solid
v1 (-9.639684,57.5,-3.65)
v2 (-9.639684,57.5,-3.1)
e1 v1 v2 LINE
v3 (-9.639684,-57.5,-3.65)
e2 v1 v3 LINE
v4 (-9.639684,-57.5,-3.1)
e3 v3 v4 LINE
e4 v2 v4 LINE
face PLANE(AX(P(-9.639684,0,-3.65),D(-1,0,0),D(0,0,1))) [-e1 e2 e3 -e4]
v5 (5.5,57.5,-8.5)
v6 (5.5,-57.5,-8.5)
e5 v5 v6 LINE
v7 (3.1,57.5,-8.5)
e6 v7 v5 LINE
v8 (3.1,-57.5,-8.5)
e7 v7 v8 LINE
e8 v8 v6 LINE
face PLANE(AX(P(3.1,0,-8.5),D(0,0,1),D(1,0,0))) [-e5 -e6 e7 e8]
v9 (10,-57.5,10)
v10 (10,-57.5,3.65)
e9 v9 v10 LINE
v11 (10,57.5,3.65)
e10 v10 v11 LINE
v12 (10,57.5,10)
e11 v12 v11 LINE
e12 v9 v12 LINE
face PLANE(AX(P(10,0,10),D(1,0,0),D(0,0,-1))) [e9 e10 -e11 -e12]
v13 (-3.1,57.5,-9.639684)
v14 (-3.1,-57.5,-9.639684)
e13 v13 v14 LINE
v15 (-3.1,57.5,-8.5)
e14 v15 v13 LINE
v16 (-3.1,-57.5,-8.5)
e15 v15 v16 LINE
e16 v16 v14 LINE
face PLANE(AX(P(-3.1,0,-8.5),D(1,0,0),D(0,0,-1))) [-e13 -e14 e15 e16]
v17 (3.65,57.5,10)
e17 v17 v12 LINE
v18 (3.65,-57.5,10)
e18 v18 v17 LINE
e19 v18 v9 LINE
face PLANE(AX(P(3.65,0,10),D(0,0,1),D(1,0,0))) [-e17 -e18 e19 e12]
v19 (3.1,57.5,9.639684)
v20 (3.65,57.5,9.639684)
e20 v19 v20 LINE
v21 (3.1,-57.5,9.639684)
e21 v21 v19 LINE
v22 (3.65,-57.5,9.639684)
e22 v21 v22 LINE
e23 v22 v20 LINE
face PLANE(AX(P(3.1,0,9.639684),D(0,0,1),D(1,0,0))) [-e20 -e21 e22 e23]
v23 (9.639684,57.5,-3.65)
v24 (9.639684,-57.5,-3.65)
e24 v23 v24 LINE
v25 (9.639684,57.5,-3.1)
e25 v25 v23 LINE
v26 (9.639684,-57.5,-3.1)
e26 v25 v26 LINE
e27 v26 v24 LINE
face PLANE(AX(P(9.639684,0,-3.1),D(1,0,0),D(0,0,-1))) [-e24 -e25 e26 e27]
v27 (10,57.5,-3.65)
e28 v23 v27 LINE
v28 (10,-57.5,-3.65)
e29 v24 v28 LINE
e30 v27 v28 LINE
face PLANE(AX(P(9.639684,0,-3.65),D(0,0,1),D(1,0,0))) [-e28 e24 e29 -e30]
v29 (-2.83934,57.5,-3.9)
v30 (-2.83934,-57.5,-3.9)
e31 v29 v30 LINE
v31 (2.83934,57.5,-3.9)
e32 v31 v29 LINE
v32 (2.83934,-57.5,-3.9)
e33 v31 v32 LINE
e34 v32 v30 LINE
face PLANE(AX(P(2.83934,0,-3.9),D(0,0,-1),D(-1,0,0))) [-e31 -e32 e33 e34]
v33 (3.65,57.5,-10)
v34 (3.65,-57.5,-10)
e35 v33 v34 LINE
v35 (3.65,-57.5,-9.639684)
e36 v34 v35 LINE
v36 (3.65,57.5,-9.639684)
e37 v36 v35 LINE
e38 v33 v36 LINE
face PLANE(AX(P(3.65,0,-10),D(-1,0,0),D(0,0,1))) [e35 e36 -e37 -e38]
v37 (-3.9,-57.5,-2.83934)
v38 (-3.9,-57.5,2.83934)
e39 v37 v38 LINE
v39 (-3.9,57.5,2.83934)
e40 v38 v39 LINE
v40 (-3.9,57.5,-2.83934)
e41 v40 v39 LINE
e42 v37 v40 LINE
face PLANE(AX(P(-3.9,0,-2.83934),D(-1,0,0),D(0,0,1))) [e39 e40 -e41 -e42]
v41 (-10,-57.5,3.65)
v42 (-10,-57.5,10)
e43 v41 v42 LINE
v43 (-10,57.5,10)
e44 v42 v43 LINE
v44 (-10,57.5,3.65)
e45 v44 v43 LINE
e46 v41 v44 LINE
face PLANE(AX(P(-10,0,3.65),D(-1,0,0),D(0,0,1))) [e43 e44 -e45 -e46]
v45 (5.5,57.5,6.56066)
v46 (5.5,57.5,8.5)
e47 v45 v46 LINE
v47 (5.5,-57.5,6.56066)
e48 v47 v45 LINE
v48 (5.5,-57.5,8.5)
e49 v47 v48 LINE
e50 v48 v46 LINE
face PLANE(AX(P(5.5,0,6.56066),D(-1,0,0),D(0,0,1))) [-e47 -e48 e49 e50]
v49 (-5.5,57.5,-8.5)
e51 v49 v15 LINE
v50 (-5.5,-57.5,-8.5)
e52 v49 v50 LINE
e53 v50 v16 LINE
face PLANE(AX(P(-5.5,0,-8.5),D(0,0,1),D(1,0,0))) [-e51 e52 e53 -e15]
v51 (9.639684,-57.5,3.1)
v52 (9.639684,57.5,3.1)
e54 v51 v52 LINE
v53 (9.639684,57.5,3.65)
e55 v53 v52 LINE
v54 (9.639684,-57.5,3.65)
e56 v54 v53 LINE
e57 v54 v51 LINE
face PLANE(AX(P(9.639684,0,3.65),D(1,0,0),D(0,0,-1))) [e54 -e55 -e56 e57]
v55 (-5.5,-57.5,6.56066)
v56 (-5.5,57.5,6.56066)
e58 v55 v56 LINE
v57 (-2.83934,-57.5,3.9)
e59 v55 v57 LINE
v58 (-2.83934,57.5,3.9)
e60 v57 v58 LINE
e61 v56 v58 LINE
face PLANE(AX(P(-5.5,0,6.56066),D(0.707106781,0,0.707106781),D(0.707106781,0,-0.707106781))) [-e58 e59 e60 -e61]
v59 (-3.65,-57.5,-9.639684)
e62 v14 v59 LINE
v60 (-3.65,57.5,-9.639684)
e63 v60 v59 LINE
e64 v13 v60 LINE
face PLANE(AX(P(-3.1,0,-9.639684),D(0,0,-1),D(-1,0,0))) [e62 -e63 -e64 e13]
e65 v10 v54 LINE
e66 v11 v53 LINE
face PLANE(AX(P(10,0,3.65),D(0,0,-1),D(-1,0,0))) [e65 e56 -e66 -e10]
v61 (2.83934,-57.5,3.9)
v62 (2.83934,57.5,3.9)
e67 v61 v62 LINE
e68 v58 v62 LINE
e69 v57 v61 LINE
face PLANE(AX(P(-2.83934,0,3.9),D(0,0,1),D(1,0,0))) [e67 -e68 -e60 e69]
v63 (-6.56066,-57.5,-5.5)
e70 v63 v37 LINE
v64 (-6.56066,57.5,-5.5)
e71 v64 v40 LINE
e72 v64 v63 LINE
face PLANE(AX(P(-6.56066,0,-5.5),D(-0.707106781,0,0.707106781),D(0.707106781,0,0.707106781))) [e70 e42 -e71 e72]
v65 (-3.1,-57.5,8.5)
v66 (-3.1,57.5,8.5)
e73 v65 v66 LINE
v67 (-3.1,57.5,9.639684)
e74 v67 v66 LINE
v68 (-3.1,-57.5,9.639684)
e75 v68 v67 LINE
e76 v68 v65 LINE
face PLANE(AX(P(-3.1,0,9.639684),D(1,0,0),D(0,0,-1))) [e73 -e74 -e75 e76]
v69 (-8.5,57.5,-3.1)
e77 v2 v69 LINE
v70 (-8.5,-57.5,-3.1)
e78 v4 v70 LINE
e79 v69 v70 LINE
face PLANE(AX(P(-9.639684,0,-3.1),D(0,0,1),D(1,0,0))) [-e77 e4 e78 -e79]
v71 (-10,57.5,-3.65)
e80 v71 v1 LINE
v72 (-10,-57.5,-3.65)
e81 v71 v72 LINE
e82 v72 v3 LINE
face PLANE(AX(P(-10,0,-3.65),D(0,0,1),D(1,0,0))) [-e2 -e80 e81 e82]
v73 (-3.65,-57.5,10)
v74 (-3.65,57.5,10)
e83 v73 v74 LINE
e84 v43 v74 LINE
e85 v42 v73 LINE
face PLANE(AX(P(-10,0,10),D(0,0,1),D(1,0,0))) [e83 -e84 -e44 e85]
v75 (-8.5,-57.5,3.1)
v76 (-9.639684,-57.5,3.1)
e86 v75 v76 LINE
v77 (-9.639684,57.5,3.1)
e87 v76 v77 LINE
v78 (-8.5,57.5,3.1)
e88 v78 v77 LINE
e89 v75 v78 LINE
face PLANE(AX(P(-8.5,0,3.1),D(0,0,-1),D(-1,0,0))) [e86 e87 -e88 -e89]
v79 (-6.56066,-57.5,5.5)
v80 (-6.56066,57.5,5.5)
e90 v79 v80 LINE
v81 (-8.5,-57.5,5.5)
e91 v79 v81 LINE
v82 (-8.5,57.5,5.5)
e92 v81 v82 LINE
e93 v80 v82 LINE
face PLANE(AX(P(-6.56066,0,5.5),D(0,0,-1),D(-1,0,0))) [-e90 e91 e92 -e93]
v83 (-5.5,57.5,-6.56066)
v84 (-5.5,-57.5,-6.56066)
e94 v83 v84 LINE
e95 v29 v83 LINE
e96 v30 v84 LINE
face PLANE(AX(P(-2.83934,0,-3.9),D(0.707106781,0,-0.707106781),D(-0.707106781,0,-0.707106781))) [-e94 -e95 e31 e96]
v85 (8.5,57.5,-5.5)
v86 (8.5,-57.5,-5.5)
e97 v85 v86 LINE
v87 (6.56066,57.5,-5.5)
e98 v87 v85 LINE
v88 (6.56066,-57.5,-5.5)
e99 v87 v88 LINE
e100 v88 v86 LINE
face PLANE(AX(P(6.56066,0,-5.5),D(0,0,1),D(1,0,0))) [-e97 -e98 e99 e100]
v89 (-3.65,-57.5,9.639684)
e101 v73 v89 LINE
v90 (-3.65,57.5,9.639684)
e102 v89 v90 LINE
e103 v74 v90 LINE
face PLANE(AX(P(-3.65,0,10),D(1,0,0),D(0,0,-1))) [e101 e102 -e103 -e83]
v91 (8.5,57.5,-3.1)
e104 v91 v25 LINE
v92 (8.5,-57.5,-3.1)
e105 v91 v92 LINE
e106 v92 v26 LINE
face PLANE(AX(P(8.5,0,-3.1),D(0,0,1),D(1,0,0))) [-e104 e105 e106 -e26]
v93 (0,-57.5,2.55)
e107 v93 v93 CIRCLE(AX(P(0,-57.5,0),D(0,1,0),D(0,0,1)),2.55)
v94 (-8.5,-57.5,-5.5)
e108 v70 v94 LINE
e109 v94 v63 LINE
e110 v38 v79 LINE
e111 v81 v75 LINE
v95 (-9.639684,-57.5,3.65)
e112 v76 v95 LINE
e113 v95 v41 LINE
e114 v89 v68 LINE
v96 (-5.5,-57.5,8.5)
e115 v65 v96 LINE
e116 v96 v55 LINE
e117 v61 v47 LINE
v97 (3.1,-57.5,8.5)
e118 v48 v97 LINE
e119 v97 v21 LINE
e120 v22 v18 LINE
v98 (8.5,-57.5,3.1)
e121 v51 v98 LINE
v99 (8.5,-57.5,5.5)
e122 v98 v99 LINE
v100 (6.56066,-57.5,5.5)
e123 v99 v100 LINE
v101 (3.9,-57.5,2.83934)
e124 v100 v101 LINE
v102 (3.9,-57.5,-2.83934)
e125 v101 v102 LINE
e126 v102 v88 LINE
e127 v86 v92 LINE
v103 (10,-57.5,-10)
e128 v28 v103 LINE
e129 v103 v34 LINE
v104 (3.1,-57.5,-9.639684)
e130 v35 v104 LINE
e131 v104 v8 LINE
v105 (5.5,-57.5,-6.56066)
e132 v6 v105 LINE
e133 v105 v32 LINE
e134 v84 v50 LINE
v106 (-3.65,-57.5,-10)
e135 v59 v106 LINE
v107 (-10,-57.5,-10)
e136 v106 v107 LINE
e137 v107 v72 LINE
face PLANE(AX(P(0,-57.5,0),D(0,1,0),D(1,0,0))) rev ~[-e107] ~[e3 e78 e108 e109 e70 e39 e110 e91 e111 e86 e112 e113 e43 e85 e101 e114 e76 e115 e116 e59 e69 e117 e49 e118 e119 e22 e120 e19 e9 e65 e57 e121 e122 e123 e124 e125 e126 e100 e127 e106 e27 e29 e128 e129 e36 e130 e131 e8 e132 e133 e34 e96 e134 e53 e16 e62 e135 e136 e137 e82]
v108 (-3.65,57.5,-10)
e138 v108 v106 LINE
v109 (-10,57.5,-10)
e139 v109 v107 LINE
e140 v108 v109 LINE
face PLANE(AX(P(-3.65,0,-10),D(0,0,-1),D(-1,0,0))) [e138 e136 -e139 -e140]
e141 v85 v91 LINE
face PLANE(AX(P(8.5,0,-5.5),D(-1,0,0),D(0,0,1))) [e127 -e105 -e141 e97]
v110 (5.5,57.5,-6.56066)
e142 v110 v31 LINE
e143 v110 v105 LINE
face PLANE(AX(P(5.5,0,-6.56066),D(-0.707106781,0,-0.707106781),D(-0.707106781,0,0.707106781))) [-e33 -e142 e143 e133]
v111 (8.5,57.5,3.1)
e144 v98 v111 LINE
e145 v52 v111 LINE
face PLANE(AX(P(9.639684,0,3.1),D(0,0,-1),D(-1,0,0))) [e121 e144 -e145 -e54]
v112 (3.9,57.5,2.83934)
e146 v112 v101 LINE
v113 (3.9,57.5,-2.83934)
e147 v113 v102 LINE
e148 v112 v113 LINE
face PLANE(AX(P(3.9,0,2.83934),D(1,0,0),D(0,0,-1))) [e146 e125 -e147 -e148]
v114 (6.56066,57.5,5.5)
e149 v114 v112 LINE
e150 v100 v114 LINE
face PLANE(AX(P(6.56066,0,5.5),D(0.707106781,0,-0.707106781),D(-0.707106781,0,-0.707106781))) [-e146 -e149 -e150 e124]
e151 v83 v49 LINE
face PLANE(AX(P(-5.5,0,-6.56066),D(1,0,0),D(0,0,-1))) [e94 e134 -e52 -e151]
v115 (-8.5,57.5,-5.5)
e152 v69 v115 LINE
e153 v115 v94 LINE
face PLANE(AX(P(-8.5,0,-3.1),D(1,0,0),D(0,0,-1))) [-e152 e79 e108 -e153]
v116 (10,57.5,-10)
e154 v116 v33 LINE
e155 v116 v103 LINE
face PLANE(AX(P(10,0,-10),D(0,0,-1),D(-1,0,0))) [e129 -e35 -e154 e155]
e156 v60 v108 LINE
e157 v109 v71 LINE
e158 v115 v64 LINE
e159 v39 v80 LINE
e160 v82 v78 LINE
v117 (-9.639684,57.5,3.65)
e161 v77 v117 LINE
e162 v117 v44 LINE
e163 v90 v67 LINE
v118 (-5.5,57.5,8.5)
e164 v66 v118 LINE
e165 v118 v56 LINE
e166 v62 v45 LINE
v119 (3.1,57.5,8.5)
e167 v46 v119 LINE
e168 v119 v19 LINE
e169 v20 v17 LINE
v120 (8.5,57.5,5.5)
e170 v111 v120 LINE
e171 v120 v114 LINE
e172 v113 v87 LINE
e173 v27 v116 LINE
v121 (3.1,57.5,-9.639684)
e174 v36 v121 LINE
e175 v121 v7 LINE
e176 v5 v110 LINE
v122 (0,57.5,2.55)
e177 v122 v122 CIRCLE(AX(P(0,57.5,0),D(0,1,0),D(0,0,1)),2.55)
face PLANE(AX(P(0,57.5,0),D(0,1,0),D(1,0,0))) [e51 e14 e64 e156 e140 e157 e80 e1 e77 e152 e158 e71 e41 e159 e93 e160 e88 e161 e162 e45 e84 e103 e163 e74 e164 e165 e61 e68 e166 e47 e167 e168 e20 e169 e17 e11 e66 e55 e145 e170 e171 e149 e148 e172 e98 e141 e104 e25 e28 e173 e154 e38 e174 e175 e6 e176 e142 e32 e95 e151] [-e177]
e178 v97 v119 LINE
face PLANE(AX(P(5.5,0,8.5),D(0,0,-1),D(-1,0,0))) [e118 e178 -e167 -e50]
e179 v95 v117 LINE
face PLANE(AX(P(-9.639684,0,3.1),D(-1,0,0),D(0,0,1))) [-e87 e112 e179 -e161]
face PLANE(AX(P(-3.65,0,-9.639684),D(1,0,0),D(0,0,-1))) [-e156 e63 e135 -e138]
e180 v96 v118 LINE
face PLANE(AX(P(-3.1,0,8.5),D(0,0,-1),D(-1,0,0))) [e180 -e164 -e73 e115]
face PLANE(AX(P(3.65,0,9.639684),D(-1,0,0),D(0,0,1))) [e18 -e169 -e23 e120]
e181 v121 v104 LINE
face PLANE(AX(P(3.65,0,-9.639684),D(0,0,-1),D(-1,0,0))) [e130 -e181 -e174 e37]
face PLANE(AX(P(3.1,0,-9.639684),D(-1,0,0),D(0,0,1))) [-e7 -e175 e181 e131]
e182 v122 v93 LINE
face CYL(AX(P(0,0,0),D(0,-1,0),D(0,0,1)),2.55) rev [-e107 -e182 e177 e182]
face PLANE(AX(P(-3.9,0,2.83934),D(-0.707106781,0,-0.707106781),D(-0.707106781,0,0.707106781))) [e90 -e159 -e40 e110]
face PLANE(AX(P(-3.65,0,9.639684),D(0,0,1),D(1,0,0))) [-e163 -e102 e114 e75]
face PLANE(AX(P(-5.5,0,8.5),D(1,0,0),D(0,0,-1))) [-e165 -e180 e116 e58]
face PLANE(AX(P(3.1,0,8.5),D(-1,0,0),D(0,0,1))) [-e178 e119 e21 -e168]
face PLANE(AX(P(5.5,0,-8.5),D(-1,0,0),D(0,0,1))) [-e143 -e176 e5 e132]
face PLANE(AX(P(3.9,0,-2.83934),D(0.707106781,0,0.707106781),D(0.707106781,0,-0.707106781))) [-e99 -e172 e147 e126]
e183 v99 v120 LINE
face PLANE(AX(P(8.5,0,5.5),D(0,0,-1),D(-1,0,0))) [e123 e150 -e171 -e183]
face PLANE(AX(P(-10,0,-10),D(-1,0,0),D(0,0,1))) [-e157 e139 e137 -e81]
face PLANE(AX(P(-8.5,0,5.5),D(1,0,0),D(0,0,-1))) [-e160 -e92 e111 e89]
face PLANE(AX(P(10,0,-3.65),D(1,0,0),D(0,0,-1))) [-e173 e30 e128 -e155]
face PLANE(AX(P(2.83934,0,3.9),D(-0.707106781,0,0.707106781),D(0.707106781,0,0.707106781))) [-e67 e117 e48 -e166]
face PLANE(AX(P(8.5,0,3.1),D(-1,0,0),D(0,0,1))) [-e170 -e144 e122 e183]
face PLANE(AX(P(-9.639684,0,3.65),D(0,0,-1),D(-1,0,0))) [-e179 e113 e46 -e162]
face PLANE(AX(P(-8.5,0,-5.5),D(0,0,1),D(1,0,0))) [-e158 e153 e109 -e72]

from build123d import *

# Parameters (mm, degrees)
SKETCH1_R           = 2.55
BOSS_EXTRUDE1_DEPTH = 57.5


with BuildPart() as part:
    # Sketch1 → Boss-Extrude1 (new, symmetric)
    with BuildSketch(Plane(origin=(0, 0, 0), x_dir=(1, 0, 0), z_dir=(0, 1, 0))):
        Polygon((-6.560660172, 5.5), (-3.9, 2.839339828), (-3.9, -2.839339828), (-6.560660172, -5.5), (-8.5, -5.5), (-8.5, -3.1), (-9.639683838, -3.1), (-9.639683838, -3.65), (-10, -3.65), (-10, -10), (-3.65, -10), (-3.65, -9.639683838), (-3.1, -9.639683838), (-3.1, -8.5), (-5.5, -8.5), (-5.5, -6.560660172), (-2.839339828, -3.9), (2.839339828, -3.9), (5.5, -6.560660172), (5.5, -8.5), (3.1, -8.5), (3.1, -9.639683838), (3.65, -9.639683838), (3.65, -10), (10, -10), (10, -3.65), (9.639683838, -3.65), (9.639683838, -3.1), (8.5, -3.1), (8.5, -5.5), (6.560660172, -5.5), (3.9, -2.839339828), (3.9, 2.839339828), (6.560660172, 5.5), (8.5, 5.5), (8.5, 3.1), (9.639683838, 3.1), (9.639683838, 3.65), (10, 3.65), (10, 10), (3.65, 10), (3.65, 9.639683838), (3.1, 9.639683838), (3.1, 8.5), (5.5, 8.5), (5.5, 6.560660172), (2.839339828, 3.9), (-2.839339828, 3.9), (-5.5, 6.560660172), (-5.5, 8.5), (-3.1, 8.5), (-3.1, 9.639683838), (-3.65, 9.639683838), (-3.65, 10), (-10, 10), (-10, 3.65), (-9.639683838, 3.65), (-9.639683838, 3.1), (-8.5, 3.1), (-8.5, 5.5), align=None)
        with Locations(Location((0, 0, 0), (0, 0, 270))):
            Circle(SKETCH1_R, mode=Mode.SUBTRACT)
    extrude(amount=BOSS_EXTRUDE1_DEPTH, both=True)


solid = part.part
